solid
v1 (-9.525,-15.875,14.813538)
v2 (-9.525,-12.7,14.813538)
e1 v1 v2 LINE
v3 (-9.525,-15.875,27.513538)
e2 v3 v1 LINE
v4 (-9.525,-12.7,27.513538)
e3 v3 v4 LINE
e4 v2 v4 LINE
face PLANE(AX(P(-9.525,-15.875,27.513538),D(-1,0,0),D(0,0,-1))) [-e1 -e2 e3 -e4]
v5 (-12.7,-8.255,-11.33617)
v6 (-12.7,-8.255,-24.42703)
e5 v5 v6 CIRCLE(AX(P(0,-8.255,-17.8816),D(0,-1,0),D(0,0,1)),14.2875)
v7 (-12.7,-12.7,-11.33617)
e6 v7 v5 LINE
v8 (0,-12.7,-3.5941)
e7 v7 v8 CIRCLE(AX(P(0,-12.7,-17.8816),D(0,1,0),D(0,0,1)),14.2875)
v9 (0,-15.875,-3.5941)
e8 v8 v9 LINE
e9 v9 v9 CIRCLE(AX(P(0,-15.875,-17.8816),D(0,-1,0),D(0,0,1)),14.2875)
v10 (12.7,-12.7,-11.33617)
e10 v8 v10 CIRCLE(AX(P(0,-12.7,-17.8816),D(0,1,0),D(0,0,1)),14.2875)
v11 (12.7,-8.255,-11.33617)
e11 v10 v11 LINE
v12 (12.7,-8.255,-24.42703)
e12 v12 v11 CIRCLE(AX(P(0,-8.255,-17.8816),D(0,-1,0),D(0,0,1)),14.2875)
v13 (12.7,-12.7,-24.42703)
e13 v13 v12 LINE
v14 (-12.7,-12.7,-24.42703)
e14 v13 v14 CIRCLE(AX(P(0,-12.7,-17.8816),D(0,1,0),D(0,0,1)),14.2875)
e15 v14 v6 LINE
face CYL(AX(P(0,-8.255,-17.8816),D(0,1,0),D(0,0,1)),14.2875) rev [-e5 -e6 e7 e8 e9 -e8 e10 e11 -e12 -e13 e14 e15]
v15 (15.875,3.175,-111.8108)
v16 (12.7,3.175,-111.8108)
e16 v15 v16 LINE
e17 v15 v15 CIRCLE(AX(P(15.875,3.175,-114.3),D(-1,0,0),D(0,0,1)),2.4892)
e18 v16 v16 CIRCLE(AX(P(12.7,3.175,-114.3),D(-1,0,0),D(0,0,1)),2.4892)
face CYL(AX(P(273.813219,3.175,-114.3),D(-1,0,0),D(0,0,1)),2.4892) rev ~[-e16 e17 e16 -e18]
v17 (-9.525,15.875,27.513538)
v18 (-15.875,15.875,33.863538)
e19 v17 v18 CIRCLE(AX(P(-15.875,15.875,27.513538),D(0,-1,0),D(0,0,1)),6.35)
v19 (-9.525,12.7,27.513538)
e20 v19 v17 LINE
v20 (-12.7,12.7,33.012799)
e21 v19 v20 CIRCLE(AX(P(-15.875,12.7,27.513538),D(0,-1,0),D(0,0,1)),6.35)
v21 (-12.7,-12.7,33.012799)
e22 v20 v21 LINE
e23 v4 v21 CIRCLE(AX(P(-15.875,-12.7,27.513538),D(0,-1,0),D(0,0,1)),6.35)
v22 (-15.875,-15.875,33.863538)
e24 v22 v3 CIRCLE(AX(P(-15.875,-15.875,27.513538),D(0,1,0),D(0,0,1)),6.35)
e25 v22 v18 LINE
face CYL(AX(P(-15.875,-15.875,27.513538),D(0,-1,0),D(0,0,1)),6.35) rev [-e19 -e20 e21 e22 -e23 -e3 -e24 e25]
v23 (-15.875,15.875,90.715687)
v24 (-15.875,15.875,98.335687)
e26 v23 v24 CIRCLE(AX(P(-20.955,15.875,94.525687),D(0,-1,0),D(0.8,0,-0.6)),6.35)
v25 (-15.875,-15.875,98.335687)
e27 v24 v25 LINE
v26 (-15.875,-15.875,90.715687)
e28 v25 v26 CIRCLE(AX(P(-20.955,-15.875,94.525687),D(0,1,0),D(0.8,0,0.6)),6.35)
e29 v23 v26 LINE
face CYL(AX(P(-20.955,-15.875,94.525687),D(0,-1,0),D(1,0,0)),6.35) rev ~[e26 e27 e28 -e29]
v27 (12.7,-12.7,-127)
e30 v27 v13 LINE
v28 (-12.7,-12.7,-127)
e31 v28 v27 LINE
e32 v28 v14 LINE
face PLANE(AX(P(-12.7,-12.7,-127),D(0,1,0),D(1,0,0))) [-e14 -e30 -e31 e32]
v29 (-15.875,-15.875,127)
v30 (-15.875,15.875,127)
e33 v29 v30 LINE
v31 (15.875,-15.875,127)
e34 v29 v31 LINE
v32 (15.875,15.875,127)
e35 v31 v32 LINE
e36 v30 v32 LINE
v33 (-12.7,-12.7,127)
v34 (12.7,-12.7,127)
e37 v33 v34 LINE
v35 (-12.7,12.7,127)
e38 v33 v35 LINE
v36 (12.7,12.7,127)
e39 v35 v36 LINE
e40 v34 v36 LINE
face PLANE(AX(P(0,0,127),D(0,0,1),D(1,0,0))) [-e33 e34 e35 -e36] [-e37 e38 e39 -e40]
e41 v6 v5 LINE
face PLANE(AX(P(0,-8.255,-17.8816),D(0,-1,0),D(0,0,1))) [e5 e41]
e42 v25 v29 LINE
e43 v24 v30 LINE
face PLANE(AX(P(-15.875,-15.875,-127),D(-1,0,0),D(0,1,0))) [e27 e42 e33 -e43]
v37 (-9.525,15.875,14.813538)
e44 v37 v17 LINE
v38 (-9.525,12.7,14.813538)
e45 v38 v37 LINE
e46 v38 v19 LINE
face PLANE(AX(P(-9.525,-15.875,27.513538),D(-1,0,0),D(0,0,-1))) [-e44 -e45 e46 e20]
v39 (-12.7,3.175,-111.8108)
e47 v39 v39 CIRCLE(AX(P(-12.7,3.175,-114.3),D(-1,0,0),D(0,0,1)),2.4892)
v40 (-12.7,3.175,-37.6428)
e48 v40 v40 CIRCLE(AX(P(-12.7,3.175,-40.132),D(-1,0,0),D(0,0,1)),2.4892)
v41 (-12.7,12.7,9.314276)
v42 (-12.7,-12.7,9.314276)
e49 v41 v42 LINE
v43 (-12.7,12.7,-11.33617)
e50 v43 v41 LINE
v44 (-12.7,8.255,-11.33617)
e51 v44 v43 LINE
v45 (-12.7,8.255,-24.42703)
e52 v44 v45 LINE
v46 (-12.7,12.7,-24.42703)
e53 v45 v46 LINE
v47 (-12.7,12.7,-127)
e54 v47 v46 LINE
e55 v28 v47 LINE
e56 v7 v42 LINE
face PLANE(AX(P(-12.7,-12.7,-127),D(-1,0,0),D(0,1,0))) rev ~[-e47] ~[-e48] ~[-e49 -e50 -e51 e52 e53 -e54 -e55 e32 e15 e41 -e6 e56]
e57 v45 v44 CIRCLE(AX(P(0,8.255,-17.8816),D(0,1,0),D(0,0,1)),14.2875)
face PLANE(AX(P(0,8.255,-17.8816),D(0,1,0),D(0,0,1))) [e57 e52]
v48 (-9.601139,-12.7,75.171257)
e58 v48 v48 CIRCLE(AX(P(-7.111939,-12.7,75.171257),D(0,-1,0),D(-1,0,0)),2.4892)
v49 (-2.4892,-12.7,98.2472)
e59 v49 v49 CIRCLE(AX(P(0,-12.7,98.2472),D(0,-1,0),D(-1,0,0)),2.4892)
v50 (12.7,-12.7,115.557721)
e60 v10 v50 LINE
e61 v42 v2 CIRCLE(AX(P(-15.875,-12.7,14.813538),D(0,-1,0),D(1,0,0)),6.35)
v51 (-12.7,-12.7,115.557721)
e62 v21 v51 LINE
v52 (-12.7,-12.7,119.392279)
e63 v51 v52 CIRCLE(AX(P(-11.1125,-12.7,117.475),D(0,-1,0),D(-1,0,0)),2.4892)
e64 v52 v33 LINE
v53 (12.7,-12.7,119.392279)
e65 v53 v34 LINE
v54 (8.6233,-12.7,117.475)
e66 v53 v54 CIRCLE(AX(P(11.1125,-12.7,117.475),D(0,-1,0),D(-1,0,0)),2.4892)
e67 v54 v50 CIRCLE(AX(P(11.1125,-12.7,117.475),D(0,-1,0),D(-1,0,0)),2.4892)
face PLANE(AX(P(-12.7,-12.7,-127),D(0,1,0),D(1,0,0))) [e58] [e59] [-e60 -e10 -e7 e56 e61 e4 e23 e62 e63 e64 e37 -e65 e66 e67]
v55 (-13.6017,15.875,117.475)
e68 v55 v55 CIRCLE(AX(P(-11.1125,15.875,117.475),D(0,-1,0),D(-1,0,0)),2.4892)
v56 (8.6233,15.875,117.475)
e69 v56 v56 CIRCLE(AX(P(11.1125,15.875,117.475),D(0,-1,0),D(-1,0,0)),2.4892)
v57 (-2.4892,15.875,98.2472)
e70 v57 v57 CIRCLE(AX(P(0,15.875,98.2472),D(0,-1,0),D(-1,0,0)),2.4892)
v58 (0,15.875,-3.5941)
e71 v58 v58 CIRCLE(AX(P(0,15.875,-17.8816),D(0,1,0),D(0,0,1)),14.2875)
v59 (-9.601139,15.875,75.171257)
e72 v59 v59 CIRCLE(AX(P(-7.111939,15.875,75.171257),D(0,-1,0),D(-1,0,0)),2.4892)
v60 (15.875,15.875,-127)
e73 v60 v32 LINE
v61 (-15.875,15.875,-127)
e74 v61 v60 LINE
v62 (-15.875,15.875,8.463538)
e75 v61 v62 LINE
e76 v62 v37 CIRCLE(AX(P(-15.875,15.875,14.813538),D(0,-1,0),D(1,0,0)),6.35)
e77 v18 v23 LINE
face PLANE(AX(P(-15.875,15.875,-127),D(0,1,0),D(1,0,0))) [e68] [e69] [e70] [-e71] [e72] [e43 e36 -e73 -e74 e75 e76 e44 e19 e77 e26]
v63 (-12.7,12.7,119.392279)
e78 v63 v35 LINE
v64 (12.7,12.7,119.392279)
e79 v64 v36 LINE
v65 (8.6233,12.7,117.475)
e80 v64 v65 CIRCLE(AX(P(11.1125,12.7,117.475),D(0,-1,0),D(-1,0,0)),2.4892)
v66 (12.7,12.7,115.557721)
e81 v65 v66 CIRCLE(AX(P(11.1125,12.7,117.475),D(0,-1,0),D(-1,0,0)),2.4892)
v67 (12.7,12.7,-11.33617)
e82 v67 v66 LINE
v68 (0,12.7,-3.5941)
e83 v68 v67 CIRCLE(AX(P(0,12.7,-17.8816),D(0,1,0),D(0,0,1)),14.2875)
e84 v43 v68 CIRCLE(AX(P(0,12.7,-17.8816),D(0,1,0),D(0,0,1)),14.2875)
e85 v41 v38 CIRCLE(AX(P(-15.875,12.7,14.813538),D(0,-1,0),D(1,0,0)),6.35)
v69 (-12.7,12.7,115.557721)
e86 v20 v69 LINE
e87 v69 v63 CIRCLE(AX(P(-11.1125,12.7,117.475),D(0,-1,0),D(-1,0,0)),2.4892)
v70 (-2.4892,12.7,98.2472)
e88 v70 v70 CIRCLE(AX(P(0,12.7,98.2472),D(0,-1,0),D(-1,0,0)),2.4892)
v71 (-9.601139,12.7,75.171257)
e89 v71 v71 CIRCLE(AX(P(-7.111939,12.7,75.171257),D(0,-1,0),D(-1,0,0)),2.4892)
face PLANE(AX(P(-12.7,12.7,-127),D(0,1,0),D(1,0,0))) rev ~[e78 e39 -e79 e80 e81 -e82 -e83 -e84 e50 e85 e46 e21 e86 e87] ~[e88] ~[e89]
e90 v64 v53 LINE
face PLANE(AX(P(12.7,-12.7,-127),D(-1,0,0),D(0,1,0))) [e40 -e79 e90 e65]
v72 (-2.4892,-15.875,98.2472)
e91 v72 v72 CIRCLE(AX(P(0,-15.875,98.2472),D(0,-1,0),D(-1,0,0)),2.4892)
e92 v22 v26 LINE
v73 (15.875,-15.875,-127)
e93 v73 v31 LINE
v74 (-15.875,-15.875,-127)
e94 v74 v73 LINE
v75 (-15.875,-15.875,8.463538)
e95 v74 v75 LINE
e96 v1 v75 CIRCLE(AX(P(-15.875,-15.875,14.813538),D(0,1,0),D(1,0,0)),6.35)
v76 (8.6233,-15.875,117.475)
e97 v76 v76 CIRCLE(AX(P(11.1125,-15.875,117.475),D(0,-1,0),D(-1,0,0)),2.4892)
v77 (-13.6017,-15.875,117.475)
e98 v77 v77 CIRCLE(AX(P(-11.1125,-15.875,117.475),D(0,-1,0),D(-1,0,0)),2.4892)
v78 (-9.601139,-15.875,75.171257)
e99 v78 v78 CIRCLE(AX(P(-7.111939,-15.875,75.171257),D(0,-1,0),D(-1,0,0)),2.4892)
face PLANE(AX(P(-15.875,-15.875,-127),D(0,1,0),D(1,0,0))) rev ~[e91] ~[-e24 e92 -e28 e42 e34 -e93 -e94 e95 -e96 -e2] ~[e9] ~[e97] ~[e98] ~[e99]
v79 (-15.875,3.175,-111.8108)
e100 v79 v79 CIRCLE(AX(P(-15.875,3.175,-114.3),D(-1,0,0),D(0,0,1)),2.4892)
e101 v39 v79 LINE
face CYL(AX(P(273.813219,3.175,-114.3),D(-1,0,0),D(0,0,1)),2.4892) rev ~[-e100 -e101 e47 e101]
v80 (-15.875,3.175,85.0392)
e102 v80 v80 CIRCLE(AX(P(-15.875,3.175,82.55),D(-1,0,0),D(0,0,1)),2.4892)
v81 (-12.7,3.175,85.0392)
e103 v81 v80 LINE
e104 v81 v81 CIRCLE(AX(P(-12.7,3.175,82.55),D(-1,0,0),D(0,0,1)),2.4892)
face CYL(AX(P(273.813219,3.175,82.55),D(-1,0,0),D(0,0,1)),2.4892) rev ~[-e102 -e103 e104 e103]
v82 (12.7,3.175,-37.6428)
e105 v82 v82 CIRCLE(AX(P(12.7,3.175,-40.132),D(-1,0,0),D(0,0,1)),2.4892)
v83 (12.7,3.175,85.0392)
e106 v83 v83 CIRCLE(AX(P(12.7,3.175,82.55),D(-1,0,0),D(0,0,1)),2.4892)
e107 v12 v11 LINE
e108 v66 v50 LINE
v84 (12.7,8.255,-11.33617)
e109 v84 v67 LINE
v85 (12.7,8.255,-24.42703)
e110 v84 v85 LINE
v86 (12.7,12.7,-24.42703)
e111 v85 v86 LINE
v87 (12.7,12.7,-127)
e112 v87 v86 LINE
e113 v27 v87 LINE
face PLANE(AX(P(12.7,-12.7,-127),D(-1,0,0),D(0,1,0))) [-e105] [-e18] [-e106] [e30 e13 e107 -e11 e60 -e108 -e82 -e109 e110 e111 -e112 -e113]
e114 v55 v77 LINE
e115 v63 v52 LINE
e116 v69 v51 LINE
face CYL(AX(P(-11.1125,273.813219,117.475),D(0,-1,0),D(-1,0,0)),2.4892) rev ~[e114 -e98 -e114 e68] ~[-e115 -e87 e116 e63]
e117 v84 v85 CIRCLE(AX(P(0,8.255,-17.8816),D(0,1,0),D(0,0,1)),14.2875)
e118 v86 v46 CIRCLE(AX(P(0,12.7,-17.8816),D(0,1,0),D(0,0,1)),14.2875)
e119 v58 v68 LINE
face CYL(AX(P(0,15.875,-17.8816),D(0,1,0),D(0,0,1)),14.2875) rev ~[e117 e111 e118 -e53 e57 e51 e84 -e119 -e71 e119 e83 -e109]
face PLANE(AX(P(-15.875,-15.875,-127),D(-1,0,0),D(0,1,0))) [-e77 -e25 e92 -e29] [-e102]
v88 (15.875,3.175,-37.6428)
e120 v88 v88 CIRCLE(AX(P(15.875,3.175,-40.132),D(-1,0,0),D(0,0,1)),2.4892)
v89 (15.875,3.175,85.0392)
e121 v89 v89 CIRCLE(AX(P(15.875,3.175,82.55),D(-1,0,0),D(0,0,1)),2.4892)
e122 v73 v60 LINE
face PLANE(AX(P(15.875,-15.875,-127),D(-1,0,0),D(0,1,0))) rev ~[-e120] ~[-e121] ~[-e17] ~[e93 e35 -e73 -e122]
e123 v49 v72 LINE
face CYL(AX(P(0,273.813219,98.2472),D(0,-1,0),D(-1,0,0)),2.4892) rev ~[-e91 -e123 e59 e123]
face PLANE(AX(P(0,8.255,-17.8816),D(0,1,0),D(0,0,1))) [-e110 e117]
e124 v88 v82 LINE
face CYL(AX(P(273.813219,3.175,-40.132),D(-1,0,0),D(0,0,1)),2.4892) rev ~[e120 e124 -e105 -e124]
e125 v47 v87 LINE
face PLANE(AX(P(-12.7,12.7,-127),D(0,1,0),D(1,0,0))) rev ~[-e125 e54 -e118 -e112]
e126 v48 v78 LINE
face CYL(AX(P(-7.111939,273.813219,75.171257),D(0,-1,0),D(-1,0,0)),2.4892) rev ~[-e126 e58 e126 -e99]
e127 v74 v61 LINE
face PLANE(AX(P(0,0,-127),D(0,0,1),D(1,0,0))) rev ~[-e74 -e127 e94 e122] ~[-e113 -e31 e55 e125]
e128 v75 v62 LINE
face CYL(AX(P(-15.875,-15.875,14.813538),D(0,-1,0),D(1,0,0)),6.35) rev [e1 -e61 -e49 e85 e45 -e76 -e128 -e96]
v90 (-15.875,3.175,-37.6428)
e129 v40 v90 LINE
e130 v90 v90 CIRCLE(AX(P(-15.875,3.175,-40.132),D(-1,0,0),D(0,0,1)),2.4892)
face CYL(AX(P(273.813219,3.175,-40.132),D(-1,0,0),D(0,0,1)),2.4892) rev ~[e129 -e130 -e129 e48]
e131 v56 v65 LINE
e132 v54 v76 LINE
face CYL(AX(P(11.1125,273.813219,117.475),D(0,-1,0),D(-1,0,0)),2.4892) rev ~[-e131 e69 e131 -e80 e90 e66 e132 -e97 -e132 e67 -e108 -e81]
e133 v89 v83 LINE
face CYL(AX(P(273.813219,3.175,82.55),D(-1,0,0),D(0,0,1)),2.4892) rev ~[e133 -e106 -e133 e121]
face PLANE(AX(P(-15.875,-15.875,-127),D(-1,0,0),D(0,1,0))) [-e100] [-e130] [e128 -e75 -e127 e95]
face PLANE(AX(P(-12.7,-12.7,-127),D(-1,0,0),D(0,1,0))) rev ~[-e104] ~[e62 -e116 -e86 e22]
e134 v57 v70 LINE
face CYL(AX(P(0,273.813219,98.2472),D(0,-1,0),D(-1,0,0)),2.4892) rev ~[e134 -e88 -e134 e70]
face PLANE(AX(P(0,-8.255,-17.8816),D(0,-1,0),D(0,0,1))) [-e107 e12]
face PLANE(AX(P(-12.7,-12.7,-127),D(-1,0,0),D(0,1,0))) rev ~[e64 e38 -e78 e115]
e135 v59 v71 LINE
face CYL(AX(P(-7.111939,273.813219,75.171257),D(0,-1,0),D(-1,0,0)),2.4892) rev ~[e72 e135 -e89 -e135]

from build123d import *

# Parameters (mm, degrees)
BOSS_EXTRUDE1_DEPTH      = 127
BOSS_EXTRUDE1_DEPTH_BACK = 127
SKETCH3_W                = 31.75
SKETCH3_H                = 31.75
SKETCH3_W_2              = 25.4
SKETCH3_H_2              = 25.4
F_10_CLEARANCE_HOLE1_D   = 4.9784
SKETCH7_R                = 14.2875
CUT_EXTRUDE1_DEPTH       = 7.62
CUT_EXTRUDE2_START       = -7.62
SKETCH8_R                = 14.2875
CUT_EXTRUDE2_DEPTH       = 7.62
CUT_EXTRUDE3_DEPTH       = 132.867653824
F_10_CLEARANCE_HOLE2_D   = 4.9784
SKETCH13_R               = 6.35
CUT_EXTRUDE4_DEPTH       = 132.867653824


with BuildPart() as part:
    # Sketch3 → Boss-Extrude1 (new, two sides: drawn at the far end of the back side and taken through both)
    with BuildSketch(Plane.XY.offset(-BOSS_EXTRUDE1_DEPTH_BACK)):
        Rectangle(SKETCH3_W, SKETCH3_H)
        Rectangle(SKETCH3_W_2, SKETCH3_H_2, mode=Mode.SUBTRACT)
    extrude(amount=BOSS_EXTRUDE1_DEPTH + BOSS_EXTRUDE1_DEPTH_BACK)

    # #10 Clearance Hole1 (through all)
    with Locations(Plane(origin=(0, 15.875, 0), x_dir=(1, 0, 0), z_dir=(0, 1, 0))):
        with Locations((-11.1125, -117.475), (11.1125, -117.475), (0, -98.247200001), (-7.111939052, -75.171256705)):
            Hole(F_10_CLEARANCE_HOLE1_D / 2)

    # Sketch7 → Cut-Extrude1 (cut)
    with BuildSketch(Plane(origin=(0, 15.875, 0), x_dir=(1, 0, 0), z_dir=(0, 1, 0))):
        with Locations(Location((0, 17.8816, 0), (0, 0, 270))):
            Circle(SKETCH7_R)
    extrude(amount=-CUT_EXTRUDE1_DEPTH, mode=Mode.SUBTRACT)

    # Sketch8 → Cut-Extrude2 (cut)
    with BuildSketch(Plane.XZ.offset(15.875).offset(CUT_EXTRUDE2_START)):
        with Locations(Location((0, -17.8816, 0), (0, 0, 90))):
            Circle(SKETCH8_R)
    extrude(amount=CUT_EXTRUDE2_DEPTH, mode=Mode.SUBTRACT)

    # Sketch9 → Cut-Extrude3 (cut, through all)
    with BuildSketch(Plane.XZ.offset(15.875)):
        with BuildLine():
            Line((-9.525, 27.51353779), (-9.525, 14.81353779))
            ThreePointArc((-9.525, 14.81353779), (-11.384871939, 10.323409729), (-15.875, 8.46353779))
            Line((-15.875, 8.46353779), (-15.875, 33.86353779))
            ThreePointArc((-15.875, 33.86353779), (-11.384871939, 32.00366585), (-9.525, 27.51353779))
        make_face()
    extrude(amount=-CUT_EXTRUDE3_DEPTH, mode=Mode.SUBTRACT)

    # #10 Clearance Hole2 (through all)
    with Locations(Plane(origin=(15.875, 0, 0), x_dir=(0, 0, -1), z_dir=(1, 0, 0))):
        with Locations((-82.55, 3.175), (114.3, 3.175), (40.132, 3.175)):
            Hole(F_10_CLEARANCE_HOLE2_D / 2)

    # Sketch13 → Cut-Extrude4 (cut, through all)
    with BuildSketch(Plane.XZ.offset(15.875)):
        with Locations((-20.955, 94.525686877)):
            Circle(SKETCH13_R)
    extrude(amount=-CUT_EXTRUDE4_DEPTH, mode=Mode.SUBTRACT)


solid = part.part
